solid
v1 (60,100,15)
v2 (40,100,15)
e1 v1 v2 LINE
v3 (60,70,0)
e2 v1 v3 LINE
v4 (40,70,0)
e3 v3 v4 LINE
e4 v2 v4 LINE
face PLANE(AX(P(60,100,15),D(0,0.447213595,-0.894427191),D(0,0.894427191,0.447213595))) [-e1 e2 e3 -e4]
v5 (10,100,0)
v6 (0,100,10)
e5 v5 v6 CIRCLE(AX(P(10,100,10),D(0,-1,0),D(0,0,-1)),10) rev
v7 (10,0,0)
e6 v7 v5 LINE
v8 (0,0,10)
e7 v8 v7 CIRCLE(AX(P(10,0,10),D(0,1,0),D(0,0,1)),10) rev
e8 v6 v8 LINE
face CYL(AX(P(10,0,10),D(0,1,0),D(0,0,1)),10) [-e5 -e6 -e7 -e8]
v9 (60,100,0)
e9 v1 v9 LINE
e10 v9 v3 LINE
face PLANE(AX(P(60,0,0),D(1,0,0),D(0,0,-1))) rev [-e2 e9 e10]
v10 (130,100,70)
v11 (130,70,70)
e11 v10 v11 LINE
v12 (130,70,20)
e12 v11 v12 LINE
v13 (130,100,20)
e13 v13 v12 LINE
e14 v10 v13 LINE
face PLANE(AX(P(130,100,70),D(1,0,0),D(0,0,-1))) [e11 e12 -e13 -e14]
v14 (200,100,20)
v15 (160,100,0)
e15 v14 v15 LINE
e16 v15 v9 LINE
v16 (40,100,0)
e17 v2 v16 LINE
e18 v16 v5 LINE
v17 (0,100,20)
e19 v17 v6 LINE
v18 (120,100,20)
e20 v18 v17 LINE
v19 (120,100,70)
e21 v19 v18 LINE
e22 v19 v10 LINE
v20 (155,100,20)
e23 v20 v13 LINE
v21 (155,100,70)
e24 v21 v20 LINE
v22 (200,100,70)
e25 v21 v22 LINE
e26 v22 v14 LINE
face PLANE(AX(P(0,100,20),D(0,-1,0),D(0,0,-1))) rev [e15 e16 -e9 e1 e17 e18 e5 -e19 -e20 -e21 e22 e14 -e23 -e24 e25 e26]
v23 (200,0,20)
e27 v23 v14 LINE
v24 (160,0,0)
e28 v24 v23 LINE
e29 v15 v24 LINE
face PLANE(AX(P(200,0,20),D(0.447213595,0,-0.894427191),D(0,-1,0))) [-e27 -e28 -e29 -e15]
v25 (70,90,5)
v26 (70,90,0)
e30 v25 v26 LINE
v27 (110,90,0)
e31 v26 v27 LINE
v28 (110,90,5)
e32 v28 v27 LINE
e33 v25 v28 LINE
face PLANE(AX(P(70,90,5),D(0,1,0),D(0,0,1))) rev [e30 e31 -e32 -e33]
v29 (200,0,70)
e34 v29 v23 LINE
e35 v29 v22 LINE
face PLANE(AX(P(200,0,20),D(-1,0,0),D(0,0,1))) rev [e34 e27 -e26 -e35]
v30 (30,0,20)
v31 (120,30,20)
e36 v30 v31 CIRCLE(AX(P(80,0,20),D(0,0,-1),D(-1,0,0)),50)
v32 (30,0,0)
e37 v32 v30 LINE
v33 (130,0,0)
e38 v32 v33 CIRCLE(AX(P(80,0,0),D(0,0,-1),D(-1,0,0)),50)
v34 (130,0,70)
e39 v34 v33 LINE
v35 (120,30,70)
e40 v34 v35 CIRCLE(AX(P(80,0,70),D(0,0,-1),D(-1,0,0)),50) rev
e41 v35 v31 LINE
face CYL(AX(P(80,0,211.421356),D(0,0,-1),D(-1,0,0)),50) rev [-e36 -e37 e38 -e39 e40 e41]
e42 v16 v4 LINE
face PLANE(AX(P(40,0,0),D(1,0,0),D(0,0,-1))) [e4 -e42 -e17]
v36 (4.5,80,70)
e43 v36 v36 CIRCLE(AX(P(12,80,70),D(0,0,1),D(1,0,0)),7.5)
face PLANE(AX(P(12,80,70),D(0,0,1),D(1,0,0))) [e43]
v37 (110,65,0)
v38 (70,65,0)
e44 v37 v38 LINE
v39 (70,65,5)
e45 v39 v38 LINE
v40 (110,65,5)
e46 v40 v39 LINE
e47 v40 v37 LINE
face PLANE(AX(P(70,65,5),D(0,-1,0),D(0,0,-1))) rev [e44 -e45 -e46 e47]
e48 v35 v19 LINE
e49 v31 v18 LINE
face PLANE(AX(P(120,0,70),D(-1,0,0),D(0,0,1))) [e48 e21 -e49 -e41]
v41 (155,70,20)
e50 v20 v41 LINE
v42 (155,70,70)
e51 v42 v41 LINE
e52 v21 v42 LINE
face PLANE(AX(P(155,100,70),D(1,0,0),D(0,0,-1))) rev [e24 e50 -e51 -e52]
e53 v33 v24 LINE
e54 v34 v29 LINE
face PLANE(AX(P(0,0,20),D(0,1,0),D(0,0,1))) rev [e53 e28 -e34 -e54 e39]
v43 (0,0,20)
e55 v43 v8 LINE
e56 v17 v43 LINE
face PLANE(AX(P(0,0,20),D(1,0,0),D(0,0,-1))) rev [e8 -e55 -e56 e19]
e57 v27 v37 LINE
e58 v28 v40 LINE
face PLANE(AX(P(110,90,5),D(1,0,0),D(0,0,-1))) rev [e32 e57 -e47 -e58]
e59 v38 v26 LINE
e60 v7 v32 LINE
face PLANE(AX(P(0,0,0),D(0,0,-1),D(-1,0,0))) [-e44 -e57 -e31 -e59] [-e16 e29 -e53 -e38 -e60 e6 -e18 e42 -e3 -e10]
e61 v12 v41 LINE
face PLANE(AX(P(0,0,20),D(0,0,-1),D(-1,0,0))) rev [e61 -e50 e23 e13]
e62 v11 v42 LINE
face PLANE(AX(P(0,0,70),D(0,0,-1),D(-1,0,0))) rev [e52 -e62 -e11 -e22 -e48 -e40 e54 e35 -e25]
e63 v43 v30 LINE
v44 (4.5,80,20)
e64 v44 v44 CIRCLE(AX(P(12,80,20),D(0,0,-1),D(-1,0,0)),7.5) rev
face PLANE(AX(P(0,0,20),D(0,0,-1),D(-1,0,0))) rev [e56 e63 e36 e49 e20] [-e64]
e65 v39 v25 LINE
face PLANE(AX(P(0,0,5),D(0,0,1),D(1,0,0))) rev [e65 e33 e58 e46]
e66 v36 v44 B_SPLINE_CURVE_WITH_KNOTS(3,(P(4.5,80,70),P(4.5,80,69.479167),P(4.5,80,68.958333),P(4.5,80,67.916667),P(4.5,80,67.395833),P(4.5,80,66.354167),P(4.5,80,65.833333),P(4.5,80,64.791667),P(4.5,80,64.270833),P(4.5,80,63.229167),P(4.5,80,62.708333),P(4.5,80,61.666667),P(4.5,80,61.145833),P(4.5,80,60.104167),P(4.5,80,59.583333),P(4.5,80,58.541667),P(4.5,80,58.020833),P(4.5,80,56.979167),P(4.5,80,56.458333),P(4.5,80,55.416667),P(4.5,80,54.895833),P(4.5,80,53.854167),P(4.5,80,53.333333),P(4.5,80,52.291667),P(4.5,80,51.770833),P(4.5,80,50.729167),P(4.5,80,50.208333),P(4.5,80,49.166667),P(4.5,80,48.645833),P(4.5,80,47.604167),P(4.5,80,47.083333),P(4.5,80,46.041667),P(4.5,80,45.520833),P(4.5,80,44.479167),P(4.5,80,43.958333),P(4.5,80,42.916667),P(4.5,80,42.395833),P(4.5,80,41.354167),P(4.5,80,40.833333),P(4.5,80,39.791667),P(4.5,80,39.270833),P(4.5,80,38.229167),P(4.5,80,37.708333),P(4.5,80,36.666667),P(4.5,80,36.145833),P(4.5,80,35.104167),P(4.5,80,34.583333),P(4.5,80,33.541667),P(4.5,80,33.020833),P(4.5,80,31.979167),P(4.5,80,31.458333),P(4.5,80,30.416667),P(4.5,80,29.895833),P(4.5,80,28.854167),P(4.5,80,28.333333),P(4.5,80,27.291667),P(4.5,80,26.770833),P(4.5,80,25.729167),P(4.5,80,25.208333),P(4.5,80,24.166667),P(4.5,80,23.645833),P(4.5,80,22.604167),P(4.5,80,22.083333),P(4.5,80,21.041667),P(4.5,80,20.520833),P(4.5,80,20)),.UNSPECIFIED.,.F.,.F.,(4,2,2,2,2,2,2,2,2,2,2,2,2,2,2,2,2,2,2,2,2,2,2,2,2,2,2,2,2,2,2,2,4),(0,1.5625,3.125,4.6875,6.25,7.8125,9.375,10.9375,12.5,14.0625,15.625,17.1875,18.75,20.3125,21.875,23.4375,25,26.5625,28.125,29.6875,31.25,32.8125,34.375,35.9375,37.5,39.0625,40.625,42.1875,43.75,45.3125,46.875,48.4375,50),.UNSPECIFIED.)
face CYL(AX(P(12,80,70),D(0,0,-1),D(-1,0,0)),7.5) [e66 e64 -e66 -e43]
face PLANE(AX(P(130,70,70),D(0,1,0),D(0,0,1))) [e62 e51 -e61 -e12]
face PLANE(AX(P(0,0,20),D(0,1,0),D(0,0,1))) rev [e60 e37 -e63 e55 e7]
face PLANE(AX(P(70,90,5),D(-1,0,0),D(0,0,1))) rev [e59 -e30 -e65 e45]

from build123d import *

# Parameters (mm, degrees)
SKICA1_W                 = 200
SKICA1_H                 = 100
P_IDAT_VYSUNUT_M1_DEPTH  = 20
P_IDAT_VYSUNUT_M2_DEPTH  = 50
ODEBRAT_VYSUNUT_M1_REACH = 236.307
SKICA4_R                 = 50
SKICA7_R                 = 7.5
P_IDAT_VYSUNUT_M3_DEPTH  = 50
ODEBRAT_VYSUNUT_M3_DEPTH = 10
ZAOBLIT1_R               = 10
ZKOSEN_1_SIZE            = 40
ZKOSEN_1_SIZE2           = 20
SKICA9_W                 = 40
SKICA9_H                 = 25
ODEBRAT_VYSUNUT_M4_DEPTH = 5


with BuildPart() as part:
    # Skica1 → Přidat vysunutím1 (new body)
    with BuildSketch(Plane.XY):
        with Locations((100, 50)):
            Rectangle(SKICA1_W, SKICA1_H)
    extrude(amount=P_IDAT_VYSUNUT_M1_DEPTH)

    # Skica2 → Přidat vysunutím2 (add)
    with BuildSketch(Plane.XY.offset(20)):
        Polygon((120, 0), (200, 0), (200, 100), (155, 100), (155, 70), (130, 70), (130, 100), (120, 100), align=None)
    extrude(amount=P_IDAT_VYSUNUT_M2_DEPTH)

    # Odebrat vysunutím1: up to this face of the body (flat: up to its plane)
    odebrat_vysunut_m1_end = Plane(part.part.faces().sort_by_distance((161.810344828, 46.379310345, 70))[0])
    # Skica4 → Odebrat vysunutím1 (cut, up to the picked face)
    with BuildSketch(Plane(origin=(0, 0, 0), x_dir=(-1, 0, 0), z_dir=(0, 0, -1)), mode=Mode.PRIVATE) as odebrat_vysunut_m1_sk1:
        with Locations((-80, 0)):
            Circle(SKICA4_R)
    odebrat_vysunut_m1_tool1 = split(extrude(odebrat_vysunut_m1_sk1.sketch, amount=-ODEBRAT_VYSUNUT_M1_REACH, mode=Mode.PRIVATE), bisect_by=odebrat_vysunut_m1_end, keep=Keep.BOTH, mode=Mode.PRIVATE)
    add(odebrat_vysunut_m1_tool1.solids().sort_by(Axis((80, 0, 0), (0, 0, 1)))[0], mode=Mode.SUBTRACT)

    # Skica7 → Přidat vysunutím3 (add)
    with BuildSketch(Plane.XY.offset(20)):
        with Locations(Location((12, 80, 0), (0, 0, 180))):
            Circle(SKICA7_R)
    extrude(amount=P_IDAT_VYSUNUT_M3_DEPTH)

    # Skica8 → Odebrat vysunutím3 (cut, symmetric)
    with BuildSketch(Plane.ZY.offset(-50)):
        Polygon((0, 100), (0, 70), (15, 100), align=None)
    extrude(amount=ODEBRAT_VYSUNUT_M3_DEPTH, both=True, mode=Mode.SUBTRACT)

    # Zaoblit1
    zaoblit1_edges = [part.edges().sort_by_distance(p)[0] for p in [
        (0, 50, 0),
    ]]
    fillet(zaoblit1_edges, radius=ZAOBLIT1_R)

    # Zkosení1
    zkosen_1_edges = [part.edges().sort_by_distance(p)[0] for p in [
        (200, 50, 0),
    ]]
    zkosen_1_side = [part.faces().sort_by_distance(p)[0] for p in [
        (114.06340684, 56.357779944, 0),
    ]]
    chamfer(zkosen_1_edges, length=ZKOSEN_1_SIZE, length2=ZKOSEN_1_SIZE2, reference=zkosen_1_side[0])

    # Skica9 → Odebrat vysunutím4 (cut)
    with BuildSketch(Plane(origin=(0, 0, 0), x_dir=(-1, 0, 0), z_dir=(0, 0, -1))):
        with Locations((-90, 77.5)):
            Rectangle(SKICA9_W, SKICA9_H)
    extrude(amount=-ODEBRAT_VYSUNUT_M4_DEPTH, mode=Mode.SUBTRACT)


solid = part.part
